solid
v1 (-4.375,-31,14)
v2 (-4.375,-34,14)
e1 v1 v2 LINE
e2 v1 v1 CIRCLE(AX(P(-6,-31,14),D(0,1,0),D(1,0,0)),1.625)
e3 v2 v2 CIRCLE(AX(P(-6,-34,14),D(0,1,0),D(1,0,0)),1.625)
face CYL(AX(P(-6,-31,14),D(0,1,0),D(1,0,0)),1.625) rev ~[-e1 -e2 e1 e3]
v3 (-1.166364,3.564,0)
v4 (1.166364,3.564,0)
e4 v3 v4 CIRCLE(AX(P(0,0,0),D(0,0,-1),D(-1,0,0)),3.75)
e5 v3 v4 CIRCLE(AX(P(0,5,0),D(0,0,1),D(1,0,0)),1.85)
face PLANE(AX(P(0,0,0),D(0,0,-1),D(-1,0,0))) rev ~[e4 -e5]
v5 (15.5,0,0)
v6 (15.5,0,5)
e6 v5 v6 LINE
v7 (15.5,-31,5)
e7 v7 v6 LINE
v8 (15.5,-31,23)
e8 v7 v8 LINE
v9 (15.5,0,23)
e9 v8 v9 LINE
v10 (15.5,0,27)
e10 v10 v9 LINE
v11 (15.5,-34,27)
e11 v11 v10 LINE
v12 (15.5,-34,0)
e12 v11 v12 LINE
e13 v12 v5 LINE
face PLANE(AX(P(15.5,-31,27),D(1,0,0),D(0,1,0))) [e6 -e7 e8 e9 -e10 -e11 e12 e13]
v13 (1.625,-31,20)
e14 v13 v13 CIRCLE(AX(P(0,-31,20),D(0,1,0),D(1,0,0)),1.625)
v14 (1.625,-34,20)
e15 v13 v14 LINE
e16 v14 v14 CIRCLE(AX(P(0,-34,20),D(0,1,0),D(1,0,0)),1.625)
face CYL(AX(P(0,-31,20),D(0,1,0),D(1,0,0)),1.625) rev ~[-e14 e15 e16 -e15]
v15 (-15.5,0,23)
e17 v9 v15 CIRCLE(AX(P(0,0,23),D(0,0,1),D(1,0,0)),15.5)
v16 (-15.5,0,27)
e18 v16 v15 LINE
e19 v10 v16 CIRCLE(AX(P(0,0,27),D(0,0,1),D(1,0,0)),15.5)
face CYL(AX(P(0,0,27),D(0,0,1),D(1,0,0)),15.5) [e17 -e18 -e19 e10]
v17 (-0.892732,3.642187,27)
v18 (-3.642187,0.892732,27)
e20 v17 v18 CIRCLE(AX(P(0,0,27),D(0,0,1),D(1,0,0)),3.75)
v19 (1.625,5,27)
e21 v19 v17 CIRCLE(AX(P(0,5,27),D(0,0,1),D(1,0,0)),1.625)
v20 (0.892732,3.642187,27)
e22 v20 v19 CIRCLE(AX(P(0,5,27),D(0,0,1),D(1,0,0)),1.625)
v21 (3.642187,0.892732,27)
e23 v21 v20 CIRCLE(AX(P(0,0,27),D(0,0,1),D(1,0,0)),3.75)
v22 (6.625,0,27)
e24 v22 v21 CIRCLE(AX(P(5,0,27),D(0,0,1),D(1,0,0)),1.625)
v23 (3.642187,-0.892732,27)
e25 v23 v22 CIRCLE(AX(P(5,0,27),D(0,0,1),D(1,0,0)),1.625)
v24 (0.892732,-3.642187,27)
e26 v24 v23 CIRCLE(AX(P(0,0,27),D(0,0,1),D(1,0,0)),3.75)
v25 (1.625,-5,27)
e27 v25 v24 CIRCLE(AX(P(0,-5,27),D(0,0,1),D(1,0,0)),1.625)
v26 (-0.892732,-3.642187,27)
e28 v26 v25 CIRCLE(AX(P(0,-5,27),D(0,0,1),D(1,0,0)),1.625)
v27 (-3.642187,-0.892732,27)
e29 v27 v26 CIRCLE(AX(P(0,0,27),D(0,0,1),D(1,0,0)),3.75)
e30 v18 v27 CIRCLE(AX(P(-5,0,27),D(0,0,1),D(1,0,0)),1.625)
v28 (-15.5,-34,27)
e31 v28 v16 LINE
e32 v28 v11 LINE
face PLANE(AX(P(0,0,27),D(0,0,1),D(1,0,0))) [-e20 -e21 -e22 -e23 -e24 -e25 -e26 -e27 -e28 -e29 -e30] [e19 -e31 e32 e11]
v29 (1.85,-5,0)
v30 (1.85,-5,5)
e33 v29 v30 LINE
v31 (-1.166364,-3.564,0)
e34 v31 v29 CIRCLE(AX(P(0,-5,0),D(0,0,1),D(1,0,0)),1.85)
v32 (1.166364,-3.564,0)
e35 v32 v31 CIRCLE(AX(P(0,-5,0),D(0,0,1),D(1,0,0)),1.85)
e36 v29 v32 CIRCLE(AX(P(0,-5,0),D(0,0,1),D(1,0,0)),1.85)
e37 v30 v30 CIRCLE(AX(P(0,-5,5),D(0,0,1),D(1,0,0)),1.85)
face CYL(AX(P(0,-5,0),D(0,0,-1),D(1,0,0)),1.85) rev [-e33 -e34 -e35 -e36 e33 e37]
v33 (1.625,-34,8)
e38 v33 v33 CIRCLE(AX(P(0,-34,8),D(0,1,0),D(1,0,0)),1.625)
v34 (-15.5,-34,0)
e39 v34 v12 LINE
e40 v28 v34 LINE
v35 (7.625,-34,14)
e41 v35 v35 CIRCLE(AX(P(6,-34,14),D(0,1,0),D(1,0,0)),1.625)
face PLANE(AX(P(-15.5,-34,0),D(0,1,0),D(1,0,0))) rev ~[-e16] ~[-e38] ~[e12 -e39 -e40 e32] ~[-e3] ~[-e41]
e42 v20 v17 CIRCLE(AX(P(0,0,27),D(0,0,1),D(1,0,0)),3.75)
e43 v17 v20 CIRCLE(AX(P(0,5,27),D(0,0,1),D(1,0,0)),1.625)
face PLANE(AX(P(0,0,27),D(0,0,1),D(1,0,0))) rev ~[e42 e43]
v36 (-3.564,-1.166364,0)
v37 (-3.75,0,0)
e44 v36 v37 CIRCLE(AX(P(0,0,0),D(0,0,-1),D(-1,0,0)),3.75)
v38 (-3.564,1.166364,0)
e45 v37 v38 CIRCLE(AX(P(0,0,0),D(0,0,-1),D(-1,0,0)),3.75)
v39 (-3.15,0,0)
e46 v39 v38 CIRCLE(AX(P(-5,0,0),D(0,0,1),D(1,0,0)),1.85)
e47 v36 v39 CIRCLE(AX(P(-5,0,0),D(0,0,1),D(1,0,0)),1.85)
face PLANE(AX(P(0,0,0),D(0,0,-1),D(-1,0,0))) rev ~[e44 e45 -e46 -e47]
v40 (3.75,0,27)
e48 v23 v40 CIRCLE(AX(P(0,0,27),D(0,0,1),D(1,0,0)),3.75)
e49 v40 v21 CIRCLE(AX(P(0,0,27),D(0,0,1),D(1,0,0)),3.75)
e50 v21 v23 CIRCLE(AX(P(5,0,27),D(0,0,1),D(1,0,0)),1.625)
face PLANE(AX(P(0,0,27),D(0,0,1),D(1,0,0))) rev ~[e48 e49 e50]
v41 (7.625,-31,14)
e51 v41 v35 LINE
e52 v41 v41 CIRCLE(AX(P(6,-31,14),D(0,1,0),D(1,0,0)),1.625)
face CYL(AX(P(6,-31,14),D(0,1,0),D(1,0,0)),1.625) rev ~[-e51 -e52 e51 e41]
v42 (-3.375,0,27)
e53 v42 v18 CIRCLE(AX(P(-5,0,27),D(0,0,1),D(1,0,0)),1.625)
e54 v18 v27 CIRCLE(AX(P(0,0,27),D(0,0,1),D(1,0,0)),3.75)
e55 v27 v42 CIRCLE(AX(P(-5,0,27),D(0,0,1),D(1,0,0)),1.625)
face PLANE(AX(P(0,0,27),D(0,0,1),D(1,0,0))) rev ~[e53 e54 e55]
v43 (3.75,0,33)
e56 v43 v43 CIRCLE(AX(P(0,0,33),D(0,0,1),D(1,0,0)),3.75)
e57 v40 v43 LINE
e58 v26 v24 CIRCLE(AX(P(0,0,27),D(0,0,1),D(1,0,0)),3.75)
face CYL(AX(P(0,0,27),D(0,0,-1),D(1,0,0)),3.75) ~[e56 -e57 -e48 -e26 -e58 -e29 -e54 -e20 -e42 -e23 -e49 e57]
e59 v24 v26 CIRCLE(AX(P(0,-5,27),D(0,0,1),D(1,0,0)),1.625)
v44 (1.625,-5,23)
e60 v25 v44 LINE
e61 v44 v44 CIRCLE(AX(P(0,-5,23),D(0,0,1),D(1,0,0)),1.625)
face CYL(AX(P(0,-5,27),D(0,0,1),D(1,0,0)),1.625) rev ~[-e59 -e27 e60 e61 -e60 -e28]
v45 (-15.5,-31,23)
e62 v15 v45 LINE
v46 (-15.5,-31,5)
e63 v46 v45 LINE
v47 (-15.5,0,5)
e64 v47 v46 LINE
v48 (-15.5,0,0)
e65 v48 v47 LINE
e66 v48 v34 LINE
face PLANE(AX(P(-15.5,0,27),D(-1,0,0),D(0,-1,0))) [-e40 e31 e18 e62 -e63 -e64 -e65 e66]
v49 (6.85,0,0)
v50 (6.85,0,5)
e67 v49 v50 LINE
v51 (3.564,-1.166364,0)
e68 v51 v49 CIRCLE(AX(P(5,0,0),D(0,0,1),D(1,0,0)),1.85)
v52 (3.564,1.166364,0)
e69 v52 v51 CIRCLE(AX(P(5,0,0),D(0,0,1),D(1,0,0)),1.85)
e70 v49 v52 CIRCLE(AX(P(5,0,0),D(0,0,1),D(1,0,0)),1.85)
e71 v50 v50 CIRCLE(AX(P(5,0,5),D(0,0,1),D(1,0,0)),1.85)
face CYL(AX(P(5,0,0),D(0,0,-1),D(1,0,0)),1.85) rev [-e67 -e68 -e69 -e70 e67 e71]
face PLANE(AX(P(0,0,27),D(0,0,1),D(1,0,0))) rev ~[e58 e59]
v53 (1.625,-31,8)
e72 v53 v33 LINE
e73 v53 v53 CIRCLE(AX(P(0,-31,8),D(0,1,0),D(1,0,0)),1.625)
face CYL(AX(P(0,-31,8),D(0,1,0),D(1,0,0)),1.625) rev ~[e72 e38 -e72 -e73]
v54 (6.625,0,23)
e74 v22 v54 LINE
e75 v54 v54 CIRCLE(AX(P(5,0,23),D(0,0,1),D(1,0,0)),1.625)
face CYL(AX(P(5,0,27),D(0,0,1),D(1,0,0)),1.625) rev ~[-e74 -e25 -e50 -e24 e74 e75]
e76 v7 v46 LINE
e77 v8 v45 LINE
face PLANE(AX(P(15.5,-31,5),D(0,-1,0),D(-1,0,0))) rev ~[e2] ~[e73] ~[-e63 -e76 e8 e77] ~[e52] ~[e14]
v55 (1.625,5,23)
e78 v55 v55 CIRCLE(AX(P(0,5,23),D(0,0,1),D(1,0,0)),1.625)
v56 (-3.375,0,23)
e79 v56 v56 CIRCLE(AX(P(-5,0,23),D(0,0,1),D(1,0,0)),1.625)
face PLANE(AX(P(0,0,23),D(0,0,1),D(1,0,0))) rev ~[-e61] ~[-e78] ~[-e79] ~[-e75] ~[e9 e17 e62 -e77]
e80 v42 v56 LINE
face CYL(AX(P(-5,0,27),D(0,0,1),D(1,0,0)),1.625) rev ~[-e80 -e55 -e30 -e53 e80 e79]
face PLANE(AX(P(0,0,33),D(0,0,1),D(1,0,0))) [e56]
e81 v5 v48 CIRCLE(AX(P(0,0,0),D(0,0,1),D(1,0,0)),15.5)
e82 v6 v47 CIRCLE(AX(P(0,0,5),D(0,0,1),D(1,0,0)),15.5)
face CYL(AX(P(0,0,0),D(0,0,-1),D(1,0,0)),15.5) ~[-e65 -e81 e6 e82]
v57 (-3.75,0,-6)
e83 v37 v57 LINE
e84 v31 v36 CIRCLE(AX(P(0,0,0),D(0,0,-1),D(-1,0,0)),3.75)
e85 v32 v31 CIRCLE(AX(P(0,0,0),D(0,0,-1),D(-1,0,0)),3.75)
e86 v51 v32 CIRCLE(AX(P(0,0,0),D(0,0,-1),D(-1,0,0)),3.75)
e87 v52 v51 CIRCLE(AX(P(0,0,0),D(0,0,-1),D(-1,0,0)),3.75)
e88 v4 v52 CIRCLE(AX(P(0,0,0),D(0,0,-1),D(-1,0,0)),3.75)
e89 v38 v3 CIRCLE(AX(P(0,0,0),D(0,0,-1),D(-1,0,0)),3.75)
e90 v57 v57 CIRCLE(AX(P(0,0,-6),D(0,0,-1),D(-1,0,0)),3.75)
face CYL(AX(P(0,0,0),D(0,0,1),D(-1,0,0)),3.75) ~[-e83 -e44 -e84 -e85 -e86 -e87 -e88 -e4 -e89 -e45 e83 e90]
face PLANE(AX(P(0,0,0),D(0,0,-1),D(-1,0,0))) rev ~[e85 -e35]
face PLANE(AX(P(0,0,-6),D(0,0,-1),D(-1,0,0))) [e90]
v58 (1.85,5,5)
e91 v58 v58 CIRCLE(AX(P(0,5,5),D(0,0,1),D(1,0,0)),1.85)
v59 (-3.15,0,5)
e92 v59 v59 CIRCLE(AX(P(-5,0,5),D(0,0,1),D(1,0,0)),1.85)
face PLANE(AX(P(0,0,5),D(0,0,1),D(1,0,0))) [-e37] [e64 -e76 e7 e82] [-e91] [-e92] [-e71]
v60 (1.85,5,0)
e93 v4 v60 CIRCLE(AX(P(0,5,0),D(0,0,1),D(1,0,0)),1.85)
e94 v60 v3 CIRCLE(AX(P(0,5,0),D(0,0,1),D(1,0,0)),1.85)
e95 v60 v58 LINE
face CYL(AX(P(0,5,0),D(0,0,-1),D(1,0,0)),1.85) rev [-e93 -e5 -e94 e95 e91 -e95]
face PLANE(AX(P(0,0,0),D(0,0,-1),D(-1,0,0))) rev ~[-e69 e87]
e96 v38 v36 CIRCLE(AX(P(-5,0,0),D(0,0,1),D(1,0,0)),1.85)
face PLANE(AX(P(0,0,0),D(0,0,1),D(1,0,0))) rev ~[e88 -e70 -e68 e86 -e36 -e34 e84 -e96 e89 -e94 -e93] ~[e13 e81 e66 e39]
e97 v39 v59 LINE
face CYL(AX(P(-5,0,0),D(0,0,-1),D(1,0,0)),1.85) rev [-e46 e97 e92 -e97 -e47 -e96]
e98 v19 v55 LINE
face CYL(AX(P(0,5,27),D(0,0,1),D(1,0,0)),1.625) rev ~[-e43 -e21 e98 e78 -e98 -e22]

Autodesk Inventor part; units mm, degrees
ref_plane "YZ Plane" through (0, 0, 0) normal (1, 0, 0) x (0, 1, 0)
ref_plane "XZ Plane" through (0, 0, 0) normal (0, 1, 0) x (-1, 0, 0)
ref_plane "XY Plane" through (0, 0, 0) normal (0, 0, 1) x (1, 0, 0)
sketch "Sketch1" plane through (0, 0, 0) normal (0, 0, 1) x (1, 0, 0)
  arc A0 (15.5, 0) -> (-15.5, 0) centre (0, 0) ccw
  line L0 (-15.5, 0) -> (-15.5, -34)
  line L1 (-15.5, -34) -> (15.5, -34)
  line L2 (15.5, -34) -> (15.5, 0)
  circle A1 centre (0, 5) radius 1.85
  circle A2 centre (-5, 0) radius 1.85
  circle A3 centre (0, -5) radius 1.85
  circle A4 centre (5, 0) radius 1.85
  dimension "d0" = 31
  dimension "d1" = 34
  dimension "d3" = 3.7
  dimension "d6" = 360
extrude "Extrusion1" add sketch "Sketch1" along normal blind 5
sketch "Sketch2" plane through (0, 0, 5) normal (0, 0, 1) x (1, 0, 0)
  line L0 (-15.5, -34) -> (15.5, -34) projected
  line L1 (15.5, -34) -> (15.5, 0) projected
  line L2 (-15.5, -34) -> (15.5, -34)
  line L3 (15.5, -34) -> (15.5, -31)
  line L4 (15.5, -31) -> (-15.5, -31)
  line L5 (-15.5, -31) -> (-15.5, -34)
  point P0 (0, 0)
  dimension "d10" = 3
extrude "Extrusion2" add sketch "Sketch2" along normal blind 22
sketch "Sketch3" plane through (0, 0, 27) normal (0, 0, 1) x (1, 0, 0)
  line L0 (15.5, -31) -> (-15.5, -31) projected
  line L1 (15.5, -34) -> (15.5, 0) projected
  line L2 (15.5, -31) -> (15.5, 0)
  line L3 (-15.5, 0) -> (-15.5, -31) projected
  line L4 (-15.5, 0) -> (-15.5, -31)
  line L5 (-15.5, -31) -> (15.5, -31)
  arc A0 (15.5, 0) -> (-15.5, 0) centre (0, 0) ccw
  point P0 (0, 0)
extrude "Extrusion3" add sketch "Sketch3" against normal blind 4
sketch "Sketch4" plane through (0, 0, 0) normal (0, 0, -1) x (-1, 0, 0)
  circle A0 centre (0, 0) radius 3.75
  dimension "d15" = 7.5
extrude "Extrusion4" add sketch "Sketch4" along normal blind 6
sketch "Sketch5" plane through (0, 0, 27) normal (0, 0, 1) x (1, 0, 0)
  circle A0 centre (0, 0) radius 3.75
  dimension "d20" = 7.5
extrude "Extrusion5" add sketch "Sketch5" along normal blind 6
sketch "Sketch6" plane through (-15.5, -31, 5) normal (0, 1, 0) x (1, 0, 0)
  line L0 (0, -18) -> (31, -18) projected
  line L1 (17.35, 0) -> (13.65, 0) projected
  circle A0 centre (9.5, -9) radius 1.625
  circle A1 centre (15.5, -15) radius 1.625
  circle A2 centre (21.5, -9) radius 1.625
  circle A3 centre (15.5, -3) radius 1.625
  point P0 (15.5, 5)
  point P1 (15.5, -9)
  dimension "d22" = 3.25
  dimension "d25" = 360
extrude "Extrusion6" cut sketch "Sketch6" against normal through all
sketch "Sketch7" plane through (0, 0, 27) normal (0, 0, 1) x (1, 0, 0)
  circle A0 centre (0, 5) radius 1.625
  circle A1 centre (5, 0) radius 1.625
  circle A2 centre (0, -5) radius 1.625
  circle A3 centre (-5, 0) radius 1.625
  point P0 (0, 0)
  dimension "d31" = 3.25
  dimension "d32" = 3.25
  dimension "d33" = 3.25
  dimension "d34" = 3.25
extrude "Extrusion7" cut sketch "Sketch7" against normal up to surface (4 mm away)
properties part number "Base_Mount"
